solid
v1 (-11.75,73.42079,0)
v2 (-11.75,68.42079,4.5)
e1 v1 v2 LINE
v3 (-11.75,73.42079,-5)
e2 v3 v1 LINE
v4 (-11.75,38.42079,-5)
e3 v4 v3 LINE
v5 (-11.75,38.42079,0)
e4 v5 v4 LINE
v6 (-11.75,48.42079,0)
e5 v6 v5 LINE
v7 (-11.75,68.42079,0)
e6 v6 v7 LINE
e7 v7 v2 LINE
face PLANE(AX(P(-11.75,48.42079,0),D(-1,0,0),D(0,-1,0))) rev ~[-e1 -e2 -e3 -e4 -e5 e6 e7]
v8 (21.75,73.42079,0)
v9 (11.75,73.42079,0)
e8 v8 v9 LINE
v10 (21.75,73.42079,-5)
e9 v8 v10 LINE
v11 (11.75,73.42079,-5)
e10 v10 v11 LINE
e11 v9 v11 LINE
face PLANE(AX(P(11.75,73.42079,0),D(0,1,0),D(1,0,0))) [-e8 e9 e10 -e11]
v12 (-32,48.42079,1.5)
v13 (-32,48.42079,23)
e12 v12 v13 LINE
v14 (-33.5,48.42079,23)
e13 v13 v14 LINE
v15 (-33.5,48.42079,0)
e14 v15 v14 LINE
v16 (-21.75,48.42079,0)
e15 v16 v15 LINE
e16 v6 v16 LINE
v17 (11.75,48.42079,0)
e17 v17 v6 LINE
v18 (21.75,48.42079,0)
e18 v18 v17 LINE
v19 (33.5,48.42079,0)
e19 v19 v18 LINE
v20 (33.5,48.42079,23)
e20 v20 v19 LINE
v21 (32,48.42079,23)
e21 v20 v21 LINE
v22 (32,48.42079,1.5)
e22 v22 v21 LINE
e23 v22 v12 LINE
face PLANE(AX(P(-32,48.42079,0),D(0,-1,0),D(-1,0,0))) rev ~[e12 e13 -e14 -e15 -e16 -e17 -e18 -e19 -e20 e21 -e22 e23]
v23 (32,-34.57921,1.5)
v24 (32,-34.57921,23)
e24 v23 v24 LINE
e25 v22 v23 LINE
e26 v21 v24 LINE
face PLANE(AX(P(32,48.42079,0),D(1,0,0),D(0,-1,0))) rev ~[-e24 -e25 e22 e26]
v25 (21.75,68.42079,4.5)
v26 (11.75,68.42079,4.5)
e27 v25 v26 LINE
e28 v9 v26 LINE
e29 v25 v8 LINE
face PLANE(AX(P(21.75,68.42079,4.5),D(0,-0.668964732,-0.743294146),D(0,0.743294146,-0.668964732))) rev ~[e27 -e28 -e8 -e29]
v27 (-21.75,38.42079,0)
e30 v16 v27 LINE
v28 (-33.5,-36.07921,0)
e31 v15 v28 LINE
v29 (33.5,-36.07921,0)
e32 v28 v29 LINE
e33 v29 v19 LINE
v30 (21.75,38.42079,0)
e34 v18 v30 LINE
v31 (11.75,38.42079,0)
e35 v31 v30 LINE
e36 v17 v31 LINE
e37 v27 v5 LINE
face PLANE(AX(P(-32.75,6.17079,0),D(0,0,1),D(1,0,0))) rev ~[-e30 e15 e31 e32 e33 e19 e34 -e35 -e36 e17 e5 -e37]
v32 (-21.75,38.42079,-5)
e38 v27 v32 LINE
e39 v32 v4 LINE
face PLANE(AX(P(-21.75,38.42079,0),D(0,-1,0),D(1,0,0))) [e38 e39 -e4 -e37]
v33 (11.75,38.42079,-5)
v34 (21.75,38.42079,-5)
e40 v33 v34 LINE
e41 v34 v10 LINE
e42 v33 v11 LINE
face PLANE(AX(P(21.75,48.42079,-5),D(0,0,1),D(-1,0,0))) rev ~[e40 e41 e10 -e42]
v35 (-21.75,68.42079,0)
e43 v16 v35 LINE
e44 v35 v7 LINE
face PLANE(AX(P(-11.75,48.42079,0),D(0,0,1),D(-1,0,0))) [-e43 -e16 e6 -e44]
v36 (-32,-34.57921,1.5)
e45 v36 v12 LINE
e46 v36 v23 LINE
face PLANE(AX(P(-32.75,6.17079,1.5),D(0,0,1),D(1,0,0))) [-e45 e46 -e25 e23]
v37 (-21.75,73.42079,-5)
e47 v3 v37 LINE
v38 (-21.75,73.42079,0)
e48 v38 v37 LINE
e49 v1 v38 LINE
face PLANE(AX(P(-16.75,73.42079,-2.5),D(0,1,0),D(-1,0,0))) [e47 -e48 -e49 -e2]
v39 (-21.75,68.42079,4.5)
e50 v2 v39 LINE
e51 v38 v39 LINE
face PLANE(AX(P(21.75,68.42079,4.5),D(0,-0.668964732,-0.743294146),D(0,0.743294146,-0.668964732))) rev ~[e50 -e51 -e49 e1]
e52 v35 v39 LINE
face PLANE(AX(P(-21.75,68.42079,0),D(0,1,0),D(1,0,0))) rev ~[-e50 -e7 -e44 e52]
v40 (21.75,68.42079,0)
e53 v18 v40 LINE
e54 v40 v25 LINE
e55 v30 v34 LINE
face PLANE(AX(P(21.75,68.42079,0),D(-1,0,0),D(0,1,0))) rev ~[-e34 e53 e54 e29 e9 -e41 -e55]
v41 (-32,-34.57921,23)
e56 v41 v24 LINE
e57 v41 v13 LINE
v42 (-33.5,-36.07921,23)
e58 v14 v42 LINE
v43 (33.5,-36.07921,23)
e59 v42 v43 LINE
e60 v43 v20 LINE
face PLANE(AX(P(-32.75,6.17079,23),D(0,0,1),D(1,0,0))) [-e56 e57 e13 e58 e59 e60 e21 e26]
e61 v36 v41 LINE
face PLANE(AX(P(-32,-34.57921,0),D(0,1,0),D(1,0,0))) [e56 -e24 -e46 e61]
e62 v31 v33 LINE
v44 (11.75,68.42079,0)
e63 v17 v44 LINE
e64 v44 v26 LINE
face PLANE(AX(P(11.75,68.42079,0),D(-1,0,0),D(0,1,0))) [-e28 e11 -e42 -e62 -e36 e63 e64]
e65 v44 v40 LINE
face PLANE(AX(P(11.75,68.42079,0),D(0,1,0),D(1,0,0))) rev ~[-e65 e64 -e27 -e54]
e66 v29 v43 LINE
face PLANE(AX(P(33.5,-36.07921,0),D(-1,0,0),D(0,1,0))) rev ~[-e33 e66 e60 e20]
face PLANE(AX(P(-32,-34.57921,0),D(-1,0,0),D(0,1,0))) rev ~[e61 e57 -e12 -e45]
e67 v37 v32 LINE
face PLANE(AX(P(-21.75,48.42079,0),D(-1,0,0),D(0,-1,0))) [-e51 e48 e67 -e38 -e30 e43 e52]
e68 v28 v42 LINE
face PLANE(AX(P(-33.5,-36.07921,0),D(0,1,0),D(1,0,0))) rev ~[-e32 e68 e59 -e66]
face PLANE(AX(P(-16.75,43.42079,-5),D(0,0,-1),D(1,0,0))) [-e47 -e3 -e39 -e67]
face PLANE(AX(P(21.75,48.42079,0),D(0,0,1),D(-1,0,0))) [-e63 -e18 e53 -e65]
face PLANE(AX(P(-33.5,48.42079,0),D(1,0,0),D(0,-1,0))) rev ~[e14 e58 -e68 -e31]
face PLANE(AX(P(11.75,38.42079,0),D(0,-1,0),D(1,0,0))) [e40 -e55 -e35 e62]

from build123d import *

# Parameters (mm, degrees)
F0_W      = 64
F0_H      = 1.5
F1_DEPTH  = 23
F0_H_2    = 83
F2_DEPTH  = 1.5
F3_W      = 10
F3_H      = 10
F4_DEPTH  = 5
F5_W      = 10
F5_H      = 5
F6_DEPTH  = 25
F7_W      = 10
F7_H      = 5
F8_DEPTH  = 5
F10_DEPTH = 47.7


with BuildPart() as f1:
    # F0 (on Top) → F1 (new body)
    with BuildSketch(Plane.XY):
        Polygon((-32, 48.42079), (-33.5, 48.42079), (-33.5, -36.07921), (-32, -36.07921), (-32, -34.57921), align=None)
        with Locations((0, -35.32921)):
            Rectangle(F0_W, F0_H)
        Polygon((33.5, 48.42079), (32, 48.42079), (32, -34.57921), (32, -36.07921), (33.5, -36.07921), align=None)
    extrude(amount=F1_DEPTH)

    # F0 (on Top) → F2 (join)
    with BuildSketch(Plane.XY):
        Polygon((-32, 48.42079), (-33.5, 48.42079), (-33.5, -36.07921), (-32, -36.07921), (-32, -34.57921), align=None)
        with Locations((0, 6.92079)):
            Rectangle(F0_W, F0_H_2)
        Polygon((33.5, 48.42079), (32, 48.42079), (32, -34.57921), (32, -36.07921), (33.5, -36.07921), align=None)
        with Locations((0, -35.32921)):
            Rectangle(F0_W, F0_H)
    extrude(amount=F2_DEPTH)

    # F3 (on face) → F4 (join)
    with BuildSketch(Plane(origin=(0, 0, 0), x_dir=(1, 0, 0), z_dir=(0, 0, -1))):
        with Locations((16.75, -43.42079)):
            Rectangle(F3_W, F3_H)
        with Locations((-16.75, -43.42079)):
            Rectangle(F3_W, F3_H)
    extrude(amount=F4_DEPTH)

    # F5 (on face) → F6 (join)
    with BuildSketch(Plane(origin=(0, 48.42079, 0), x_dir=(-1, 0, 0), z_dir=(0, 1, 0))):
        with Locations((-16.75, -2.5)):
            Rectangle(F5_W, F5_H)
        with Locations((16.75, -2.5)):
            Rectangle(F5_W, F5_H)
    extrude(amount=F6_DEPTH)

    # F7 (on face) → F8 (join)
    with BuildSketch(Plane.XY):
        with Locations((16.75, 70.92079)):
            Rectangle(F7_W, F7_H)
        with Locations((-16.75, 70.92079)):
            Rectangle(F7_W, F7_H)
    extrude(amount=F8_DEPTH)

    # F9 (on face) → F10 (cut)
    with BuildSketch(Plane.YZ.offset(21.75)):
        Polygon((73.42079, 5), (68.42079, 5), (68.42079, 4.5), (73.42079, 0), align=None)
    extrude(amount=-F10_DEPTH, mode=Mode.SUBTRACT)


with BuildPart() as f11_1:
    # F11: copy of F1
    add(f1.part)


solid = f11_1.part
